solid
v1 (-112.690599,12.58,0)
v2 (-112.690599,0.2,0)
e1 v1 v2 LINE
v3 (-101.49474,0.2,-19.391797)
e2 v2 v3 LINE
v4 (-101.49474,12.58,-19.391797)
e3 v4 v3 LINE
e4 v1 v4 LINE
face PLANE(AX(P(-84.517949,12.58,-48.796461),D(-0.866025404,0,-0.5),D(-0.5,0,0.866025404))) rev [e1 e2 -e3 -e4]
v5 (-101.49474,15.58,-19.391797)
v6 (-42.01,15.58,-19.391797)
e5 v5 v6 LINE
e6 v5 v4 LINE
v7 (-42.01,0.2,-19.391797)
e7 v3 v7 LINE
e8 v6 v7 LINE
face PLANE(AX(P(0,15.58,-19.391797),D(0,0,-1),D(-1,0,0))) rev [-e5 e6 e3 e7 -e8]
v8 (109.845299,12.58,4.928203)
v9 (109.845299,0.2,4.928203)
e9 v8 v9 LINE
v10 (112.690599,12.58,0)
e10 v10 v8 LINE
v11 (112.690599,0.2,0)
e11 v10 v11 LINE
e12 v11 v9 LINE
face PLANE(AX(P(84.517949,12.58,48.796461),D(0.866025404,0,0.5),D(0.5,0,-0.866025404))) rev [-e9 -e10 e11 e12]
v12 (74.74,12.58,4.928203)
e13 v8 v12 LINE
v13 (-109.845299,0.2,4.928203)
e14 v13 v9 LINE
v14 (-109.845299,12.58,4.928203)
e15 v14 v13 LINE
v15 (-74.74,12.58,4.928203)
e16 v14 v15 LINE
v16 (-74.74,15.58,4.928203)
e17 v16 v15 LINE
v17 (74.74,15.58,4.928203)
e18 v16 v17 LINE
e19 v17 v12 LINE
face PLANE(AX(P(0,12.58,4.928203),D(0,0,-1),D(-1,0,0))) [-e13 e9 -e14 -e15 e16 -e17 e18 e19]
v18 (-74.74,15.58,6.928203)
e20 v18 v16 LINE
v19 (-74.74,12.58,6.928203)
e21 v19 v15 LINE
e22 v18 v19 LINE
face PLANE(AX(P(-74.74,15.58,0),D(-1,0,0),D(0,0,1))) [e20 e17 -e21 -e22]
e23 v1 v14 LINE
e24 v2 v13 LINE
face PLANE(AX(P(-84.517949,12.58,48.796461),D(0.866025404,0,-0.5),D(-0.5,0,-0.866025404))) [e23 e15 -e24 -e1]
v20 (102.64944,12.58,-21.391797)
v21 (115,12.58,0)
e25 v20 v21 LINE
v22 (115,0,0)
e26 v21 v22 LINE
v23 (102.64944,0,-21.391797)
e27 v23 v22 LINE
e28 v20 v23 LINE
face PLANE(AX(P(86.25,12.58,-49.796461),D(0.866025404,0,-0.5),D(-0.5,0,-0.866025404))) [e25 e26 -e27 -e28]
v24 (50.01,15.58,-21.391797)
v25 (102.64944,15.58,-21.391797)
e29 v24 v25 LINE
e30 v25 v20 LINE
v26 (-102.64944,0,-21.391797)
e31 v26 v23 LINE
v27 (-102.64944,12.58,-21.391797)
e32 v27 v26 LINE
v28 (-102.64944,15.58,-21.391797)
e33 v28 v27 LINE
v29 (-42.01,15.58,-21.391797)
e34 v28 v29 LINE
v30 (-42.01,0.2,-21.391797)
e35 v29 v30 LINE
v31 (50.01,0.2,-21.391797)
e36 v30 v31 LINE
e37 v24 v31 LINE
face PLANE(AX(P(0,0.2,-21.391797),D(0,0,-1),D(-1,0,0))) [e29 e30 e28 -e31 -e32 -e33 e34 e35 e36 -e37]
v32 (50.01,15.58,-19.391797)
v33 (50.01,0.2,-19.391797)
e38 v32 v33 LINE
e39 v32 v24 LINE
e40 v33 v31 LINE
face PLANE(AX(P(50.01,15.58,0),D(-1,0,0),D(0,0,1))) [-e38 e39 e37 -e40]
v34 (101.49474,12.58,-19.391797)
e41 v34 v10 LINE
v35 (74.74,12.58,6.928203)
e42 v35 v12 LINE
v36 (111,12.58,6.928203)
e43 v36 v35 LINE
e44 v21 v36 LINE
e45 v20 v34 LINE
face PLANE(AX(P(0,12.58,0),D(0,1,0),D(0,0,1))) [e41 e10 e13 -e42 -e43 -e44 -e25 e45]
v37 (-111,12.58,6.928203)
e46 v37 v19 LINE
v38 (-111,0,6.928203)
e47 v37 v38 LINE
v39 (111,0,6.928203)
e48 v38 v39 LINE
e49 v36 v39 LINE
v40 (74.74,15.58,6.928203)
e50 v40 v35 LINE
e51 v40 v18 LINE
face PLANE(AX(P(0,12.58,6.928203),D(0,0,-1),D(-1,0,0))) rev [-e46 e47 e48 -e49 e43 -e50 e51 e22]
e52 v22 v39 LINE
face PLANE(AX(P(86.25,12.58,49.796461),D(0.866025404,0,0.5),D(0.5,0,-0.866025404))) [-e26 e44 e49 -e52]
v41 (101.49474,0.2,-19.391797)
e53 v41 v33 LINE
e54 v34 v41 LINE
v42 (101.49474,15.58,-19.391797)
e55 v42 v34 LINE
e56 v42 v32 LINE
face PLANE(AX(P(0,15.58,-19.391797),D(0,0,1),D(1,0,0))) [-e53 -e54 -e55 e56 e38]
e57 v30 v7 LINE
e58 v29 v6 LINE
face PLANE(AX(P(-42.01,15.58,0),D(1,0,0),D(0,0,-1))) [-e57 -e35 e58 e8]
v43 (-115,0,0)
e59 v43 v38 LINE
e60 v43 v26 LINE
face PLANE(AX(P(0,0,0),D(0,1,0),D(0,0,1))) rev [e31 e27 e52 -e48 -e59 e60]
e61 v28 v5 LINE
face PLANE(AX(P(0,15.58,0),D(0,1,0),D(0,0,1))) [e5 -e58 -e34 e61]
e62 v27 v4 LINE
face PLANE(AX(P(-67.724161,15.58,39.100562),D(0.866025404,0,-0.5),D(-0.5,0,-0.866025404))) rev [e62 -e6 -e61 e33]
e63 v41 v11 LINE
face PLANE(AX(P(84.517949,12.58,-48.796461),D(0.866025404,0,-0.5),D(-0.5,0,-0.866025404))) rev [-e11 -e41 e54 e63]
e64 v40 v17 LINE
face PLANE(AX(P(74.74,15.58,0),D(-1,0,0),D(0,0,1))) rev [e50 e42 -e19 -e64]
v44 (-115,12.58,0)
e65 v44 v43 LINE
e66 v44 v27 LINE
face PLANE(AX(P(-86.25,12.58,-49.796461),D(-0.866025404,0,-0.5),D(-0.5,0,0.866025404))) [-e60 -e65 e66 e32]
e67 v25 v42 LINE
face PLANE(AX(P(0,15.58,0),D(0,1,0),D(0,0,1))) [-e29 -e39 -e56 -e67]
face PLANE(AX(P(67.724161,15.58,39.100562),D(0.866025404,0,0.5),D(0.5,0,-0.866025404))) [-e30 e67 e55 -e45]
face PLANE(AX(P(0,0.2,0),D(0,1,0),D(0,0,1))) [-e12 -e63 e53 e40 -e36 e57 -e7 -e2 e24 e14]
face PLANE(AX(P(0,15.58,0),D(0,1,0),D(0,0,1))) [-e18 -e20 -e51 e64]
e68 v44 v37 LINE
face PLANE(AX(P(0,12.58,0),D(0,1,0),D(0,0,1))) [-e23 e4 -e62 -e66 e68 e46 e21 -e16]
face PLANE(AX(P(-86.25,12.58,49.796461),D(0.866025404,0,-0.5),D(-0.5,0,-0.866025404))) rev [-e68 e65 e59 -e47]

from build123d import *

# Parameters (mm, degrees)
BOSS_EXTRUDE1_DEPTH = 0.2
BOSS_EXTRUDE2_DEPTH = 12.58
SKETCH1_4_W         = 149.48
SKETCH1_4_H         = 2
BOSS_EXTRUDE3_DEPTH = 15.58


with BuildPart() as part:
    # Sketch1 → Boss-Extrude1 (new body)
    with BuildSketch(Plane(origin=(0, 0, 0), x_dir=(1, 0, 0), z_dir=(0, 1, 0))):
        Polygon((-42.01, 19.39179677), (-101.494739838, 19.39179677), (-112.690598923, 0), (-109.845299462, -4.92820323), (-74.74, -4.92820323), (74.74, -4.92820323), (109.845299462, -4.92820323), (112.690598923, 0), (101.494739838, 19.39179677), (50.01, 19.39179677), (50.01, 21.39179677), (-42.01, 21.39179677), align=None)
    extrude(amount=BOSS_EXTRUDE1_DEPTH)

    # Sketch1<3> → Boss-Extrude2 (add)
    with BuildSketch(Plane(origin=(0, 0, 0), x_dir=(1, 0, 0), z_dir=(0, 1, 0))):
        Polygon((-115, 0), (-111, -6.92820323), (-74.74, -6.92820323), (-74.74, -4.92820323), (-109.845299462, -4.92820323), (-112.690598923, 0), (-101.494739838, 19.39179677), (-102.649440377, 21.39179677), align=None)
        Polygon((115, 0), (111, -6.92820323), (74.74, -6.92820323), (74.74, -4.92820323), (109.845299462, -4.92820323), (112.690598923, 0), (101.494739838, 19.39179677), (102.649440377, 21.39179677), align=None)
    extrude(amount=BOSS_EXTRUDE2_DEPTH)

    # Sketch1<4> → Boss-Extrude3 (add)
    with BuildSketch(Plane(origin=(0, 0, 0), x_dir=(1, 0, 0), z_dir=(0, 1, 0))):
        Polygon((-42.01, 21.39179677), (-102.649440377, 21.39179677), (-101.494739838, 19.39179677), (-42.01, 19.39179677), align=None)
        with Locations((0, -5.92820323)):
            Rectangle(SKETCH1_4_W, SKETCH1_4_H)
        Polygon((102.649440377, 21.39179677), (50.01, 21.39179677), (50.01, 19.39179677), (101.494739838, 19.39179677), align=None)
    extrude(amount=BOSS_EXTRUDE3_DEPTH)


solid = part.part
